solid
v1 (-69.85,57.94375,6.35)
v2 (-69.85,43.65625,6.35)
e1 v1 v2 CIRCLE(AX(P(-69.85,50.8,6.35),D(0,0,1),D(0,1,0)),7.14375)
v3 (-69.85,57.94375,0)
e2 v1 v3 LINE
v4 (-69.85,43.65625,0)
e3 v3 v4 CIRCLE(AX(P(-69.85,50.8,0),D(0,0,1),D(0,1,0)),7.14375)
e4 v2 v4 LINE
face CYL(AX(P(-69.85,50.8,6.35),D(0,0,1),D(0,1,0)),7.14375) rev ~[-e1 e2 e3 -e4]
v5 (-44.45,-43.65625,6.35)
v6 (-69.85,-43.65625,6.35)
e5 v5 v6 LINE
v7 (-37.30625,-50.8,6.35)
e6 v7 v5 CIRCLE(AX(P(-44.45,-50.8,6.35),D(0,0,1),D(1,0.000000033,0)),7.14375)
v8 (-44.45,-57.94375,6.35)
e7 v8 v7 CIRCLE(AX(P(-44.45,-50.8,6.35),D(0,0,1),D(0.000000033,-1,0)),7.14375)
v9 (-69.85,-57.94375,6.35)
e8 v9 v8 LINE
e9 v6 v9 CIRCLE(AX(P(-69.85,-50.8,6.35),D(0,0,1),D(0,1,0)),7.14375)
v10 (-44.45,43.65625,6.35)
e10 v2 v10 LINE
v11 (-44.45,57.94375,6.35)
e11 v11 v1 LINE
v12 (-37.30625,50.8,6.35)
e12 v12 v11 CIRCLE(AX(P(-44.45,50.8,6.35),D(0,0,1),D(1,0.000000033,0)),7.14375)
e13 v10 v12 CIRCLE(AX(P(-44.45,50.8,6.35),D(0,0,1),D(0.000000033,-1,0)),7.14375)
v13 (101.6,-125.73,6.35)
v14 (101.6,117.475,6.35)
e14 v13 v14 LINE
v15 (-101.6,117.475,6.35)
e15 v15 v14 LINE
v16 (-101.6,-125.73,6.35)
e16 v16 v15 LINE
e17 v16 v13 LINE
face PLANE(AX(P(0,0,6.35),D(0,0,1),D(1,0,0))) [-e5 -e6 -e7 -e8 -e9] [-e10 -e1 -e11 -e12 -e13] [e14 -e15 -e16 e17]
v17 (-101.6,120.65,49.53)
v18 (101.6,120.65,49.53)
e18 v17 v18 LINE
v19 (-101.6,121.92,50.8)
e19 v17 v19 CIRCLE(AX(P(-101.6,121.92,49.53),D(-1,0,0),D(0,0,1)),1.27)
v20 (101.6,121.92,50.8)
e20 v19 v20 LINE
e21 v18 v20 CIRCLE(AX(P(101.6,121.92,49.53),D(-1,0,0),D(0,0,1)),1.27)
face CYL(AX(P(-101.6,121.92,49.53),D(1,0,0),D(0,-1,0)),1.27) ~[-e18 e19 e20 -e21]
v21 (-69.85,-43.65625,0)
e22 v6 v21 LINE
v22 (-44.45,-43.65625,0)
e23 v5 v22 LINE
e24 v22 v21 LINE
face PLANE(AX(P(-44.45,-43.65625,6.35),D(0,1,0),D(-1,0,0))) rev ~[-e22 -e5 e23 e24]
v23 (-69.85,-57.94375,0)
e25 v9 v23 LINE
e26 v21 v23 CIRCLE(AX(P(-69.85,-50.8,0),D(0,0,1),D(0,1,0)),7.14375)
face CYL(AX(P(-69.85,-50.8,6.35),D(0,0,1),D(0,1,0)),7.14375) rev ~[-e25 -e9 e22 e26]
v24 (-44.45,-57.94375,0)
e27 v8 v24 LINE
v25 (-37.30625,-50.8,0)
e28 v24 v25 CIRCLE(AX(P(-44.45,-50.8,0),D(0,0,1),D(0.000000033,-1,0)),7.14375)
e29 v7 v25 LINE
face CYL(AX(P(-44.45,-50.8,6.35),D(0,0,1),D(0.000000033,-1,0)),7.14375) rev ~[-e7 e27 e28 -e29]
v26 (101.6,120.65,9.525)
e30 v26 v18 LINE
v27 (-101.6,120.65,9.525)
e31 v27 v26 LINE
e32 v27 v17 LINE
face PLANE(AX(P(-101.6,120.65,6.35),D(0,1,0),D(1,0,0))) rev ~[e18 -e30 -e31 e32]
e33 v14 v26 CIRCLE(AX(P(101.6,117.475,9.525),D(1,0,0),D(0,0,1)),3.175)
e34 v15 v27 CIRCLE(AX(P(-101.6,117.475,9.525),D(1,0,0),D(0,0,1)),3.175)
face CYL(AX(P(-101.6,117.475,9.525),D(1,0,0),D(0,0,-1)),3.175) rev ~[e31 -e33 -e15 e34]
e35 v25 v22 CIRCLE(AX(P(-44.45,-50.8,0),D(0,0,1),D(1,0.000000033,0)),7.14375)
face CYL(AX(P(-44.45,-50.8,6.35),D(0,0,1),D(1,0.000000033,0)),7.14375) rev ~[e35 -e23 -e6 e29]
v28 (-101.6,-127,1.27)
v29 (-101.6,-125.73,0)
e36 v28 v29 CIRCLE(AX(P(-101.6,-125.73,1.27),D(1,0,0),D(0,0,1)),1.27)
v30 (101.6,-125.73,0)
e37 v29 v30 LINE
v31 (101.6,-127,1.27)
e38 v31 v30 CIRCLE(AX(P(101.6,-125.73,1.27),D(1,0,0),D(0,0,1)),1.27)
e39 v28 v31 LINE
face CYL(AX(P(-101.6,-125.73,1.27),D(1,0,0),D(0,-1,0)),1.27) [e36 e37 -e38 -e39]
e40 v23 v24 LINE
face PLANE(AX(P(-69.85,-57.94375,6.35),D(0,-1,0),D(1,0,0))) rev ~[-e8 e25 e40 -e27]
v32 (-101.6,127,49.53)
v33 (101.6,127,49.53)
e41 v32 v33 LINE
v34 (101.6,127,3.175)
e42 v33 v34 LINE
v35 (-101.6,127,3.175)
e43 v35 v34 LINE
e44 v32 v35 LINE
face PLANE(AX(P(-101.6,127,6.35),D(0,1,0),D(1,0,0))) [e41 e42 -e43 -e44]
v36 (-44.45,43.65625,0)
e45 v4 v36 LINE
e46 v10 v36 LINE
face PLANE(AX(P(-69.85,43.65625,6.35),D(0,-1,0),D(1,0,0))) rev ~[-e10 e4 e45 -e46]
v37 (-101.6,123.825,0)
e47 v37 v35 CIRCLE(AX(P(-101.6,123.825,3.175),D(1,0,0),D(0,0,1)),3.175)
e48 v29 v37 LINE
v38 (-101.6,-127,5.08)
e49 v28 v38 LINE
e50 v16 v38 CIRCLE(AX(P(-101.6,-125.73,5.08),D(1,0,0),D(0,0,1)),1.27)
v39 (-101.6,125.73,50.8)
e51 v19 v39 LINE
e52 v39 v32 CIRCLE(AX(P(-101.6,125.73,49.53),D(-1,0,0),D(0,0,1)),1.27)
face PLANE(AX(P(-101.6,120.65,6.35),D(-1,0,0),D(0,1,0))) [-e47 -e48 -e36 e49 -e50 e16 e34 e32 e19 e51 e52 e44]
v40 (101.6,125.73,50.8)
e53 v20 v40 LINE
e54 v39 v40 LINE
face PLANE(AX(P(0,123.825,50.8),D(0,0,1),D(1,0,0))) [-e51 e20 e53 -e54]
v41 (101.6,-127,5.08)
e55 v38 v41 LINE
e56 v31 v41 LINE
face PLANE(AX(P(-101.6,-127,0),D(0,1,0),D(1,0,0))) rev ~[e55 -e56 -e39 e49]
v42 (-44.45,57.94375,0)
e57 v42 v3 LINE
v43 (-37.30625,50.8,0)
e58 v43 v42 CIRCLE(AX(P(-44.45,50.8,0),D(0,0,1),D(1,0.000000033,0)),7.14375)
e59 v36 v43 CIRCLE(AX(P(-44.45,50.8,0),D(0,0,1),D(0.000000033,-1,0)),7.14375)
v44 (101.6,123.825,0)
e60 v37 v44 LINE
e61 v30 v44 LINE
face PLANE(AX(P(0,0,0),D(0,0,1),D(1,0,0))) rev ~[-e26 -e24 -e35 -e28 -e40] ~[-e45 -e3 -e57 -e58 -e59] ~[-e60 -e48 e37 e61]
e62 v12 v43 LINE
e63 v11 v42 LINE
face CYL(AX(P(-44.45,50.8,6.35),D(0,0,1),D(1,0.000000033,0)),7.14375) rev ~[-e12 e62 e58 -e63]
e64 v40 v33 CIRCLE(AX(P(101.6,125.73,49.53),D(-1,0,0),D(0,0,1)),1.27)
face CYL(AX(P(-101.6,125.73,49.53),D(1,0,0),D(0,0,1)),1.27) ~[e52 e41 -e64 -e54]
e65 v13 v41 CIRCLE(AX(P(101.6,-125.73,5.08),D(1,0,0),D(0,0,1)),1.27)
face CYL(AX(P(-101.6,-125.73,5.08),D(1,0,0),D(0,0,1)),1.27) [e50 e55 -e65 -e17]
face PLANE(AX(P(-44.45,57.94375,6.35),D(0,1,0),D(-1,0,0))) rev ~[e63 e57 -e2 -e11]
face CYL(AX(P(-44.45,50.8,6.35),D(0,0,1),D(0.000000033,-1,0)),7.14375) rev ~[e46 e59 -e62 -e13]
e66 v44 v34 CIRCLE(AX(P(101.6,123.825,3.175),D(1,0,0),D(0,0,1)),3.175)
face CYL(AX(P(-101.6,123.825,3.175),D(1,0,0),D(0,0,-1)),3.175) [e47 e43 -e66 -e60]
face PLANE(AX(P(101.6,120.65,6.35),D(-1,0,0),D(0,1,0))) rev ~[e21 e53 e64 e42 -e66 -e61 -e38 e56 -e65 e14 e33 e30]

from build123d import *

# Parameters (mm, degrees)
F0_W     = 203.2
F0_H     = 254
F1_DEPTH = 6.35
F2_W     = 203.2
F2_H     = 6.35
F3_DEPTH = 44.45
F4_R     = 3.175
F6_DEPTH = 25.4
F7_DEPTH = 25.4
F8_R     = 1.27


with BuildPart() as f1:
    # F0 (on Top) → F1 (new body)
    with BuildSketch(Plane.XY):
        Rectangle(F0_W, F0_H)
    extrude(amount=F1_DEPTH)

    # F2 (on face) → F3 (join)
    with BuildSketch(Plane.XY.offset(6.35)):
        with Locations((0, 123.825)):
            Rectangle(F2_W, F2_H)
    extrude(amount=F3_DEPTH)

    # F4
    f4_edges = [f1.edges().sort_by_distance(p)[0] for p in [
        (0, 120.65, 6.35),
        (0, 127, 0),
    ]]
    fillet(f4_edges, radius=F4_R)

    # F5 (on face) → F6 (cut)
    with BuildSketch(Plane.XY.offset(6.35)):
        with BuildLine():
            ThreePointArc((-69.85, -43.65625), (-64.798606, -45.748606), (-62.70625, -50.8))
            ThreePointArc((-62.70625, -50.8), (-64.798606, -55.851394), (-69.85, -57.94375))
            Line((-69.85, -57.94375), (-44.45, -57.94375))
            ThreePointArc((-44.45, -57.94375), (-51.59375, -50.8), (-44.45, -43.65625))
            Line((-44.45, -43.65625), (-69.85, -43.65625))
        make_face()
        with BuildLine():
            ThreePointArc((-37.30625, -50.8), (-39.398606, -45.748606), (-44.45, -43.65625))
            ThreePointArc((-44.45, -43.65625), (-51.59375, -50.8), (-44.45, -57.94375))
            ThreePointArc((-44.45, -57.94375), (-39.398606, -55.851394), (-37.30625, -50.8))
        make_face()
        with BuildLine():
            ThreePointArc((-69.85, -57.94375), (-64.798606, -55.851394), (-62.70625, -50.8))
            ThreePointArc((-62.70625, -50.8), (-64.798606, -45.748606), (-69.85, -43.65625))
            ThreePointArc((-69.85, -43.65625), (-76.99375, -50.8), (-69.85, -57.94375))
        make_face()
    extrude(amount=-F6_DEPTH, mode=Mode.SUBTRACT)

    # F5 (on face) → F7 (cut)
    with BuildSketch(Plane.XY.offset(6.35)):
        with BuildLine():
            ThreePointArc((-69.85, -57.94375), (-64.798606, -55.851394), (-62.70625, -50.8))
            ThreePointArc((-62.70625, -50.8), (-64.798606, -45.748606), (-69.85, -43.65625))
            ThreePointArc((-69.85, -43.65625), (-76.99375, -50.8), (-69.85, -57.94375))
        make_face()
        with BuildLine():
            ThreePointArc((-69.85, -43.65625), (-64.798606, -45.748606), (-62.70625, -50.8))
            ThreePointArc((-62.70625, -50.8), (-64.798606, -55.851394), (-69.85, -57.94375))
            Line((-69.85, -57.94375), (-44.45, -57.94375))
            ThreePointArc((-44.45, -57.94375), (-51.59375, -50.8), (-44.45, -43.65625))
            Line((-44.45, -43.65625), (-69.85, -43.65625))
        make_face()
        with BuildLine():
            ThreePointArc((-37.30625, -50.8), (-39.398606, -45.748606), (-44.45, -43.65625))
            ThreePointArc((-44.45, -43.65625), (-51.59375, -50.8), (-44.45, -57.94375))
            ThreePointArc((-44.45, -57.94375), (-39.398606, -55.851394), (-37.30625, -50.8))
        make_face()
        with BuildLine():
            ThreePointArc((-69.85, 43.65625), (-64.798606, 45.748606), (-62.70625, 50.8))
            ThreePointArc((-62.70625, 50.8), (-64.798606, 55.851394), (-69.85, 57.94375))
            ThreePointArc((-69.85, 57.94375), (-76.99375, 50.8), (-69.85, 43.65625))
        make_face()
        with BuildLine():
            ThreePointArc((-69.85, 57.94375), (-64.798606, 55.851394), (-62.70625, 50.8))
            ThreePointArc((-62.70625, 50.8), (-64.798606, 45.748606), (-69.85, 43.65625))
            Line((-69.85, 43.65625), (-44.45, 43.65625))
            ThreePointArc((-44.45, 43.65625), (-51.59375, 50.8), (-44.45, 57.94375))
            Line((-44.45, 57.94375), (-69.85, 57.94375))
        make_face()
        with BuildLine():
            ThreePointArc((-37.30625, 50.8), (-39.398606, 55.851394), (-44.45, 57.94375))
            ThreePointArc((-44.45, 57.94375), (-51.59375, 50.8), (-44.45, 43.65625))
            ThreePointArc((-44.45, 43.65625), (-39.398606, 45.748606), (-37.30625, 50.8))
        make_face()
    extrude(amount=-F7_DEPTH, mode=Mode.SUBTRACT)

    # F8
    f8_edges = [f1.edges().sort_by_distance(p)[0] for p in [
        (0, -127, 6.35),
        (0, -127, 0),
        (0, 120.65, 50.8),
        (0, 127, 50.8),
    ]]
    fillet(f8_edges, radius=F8_R)


solid = f1.part
